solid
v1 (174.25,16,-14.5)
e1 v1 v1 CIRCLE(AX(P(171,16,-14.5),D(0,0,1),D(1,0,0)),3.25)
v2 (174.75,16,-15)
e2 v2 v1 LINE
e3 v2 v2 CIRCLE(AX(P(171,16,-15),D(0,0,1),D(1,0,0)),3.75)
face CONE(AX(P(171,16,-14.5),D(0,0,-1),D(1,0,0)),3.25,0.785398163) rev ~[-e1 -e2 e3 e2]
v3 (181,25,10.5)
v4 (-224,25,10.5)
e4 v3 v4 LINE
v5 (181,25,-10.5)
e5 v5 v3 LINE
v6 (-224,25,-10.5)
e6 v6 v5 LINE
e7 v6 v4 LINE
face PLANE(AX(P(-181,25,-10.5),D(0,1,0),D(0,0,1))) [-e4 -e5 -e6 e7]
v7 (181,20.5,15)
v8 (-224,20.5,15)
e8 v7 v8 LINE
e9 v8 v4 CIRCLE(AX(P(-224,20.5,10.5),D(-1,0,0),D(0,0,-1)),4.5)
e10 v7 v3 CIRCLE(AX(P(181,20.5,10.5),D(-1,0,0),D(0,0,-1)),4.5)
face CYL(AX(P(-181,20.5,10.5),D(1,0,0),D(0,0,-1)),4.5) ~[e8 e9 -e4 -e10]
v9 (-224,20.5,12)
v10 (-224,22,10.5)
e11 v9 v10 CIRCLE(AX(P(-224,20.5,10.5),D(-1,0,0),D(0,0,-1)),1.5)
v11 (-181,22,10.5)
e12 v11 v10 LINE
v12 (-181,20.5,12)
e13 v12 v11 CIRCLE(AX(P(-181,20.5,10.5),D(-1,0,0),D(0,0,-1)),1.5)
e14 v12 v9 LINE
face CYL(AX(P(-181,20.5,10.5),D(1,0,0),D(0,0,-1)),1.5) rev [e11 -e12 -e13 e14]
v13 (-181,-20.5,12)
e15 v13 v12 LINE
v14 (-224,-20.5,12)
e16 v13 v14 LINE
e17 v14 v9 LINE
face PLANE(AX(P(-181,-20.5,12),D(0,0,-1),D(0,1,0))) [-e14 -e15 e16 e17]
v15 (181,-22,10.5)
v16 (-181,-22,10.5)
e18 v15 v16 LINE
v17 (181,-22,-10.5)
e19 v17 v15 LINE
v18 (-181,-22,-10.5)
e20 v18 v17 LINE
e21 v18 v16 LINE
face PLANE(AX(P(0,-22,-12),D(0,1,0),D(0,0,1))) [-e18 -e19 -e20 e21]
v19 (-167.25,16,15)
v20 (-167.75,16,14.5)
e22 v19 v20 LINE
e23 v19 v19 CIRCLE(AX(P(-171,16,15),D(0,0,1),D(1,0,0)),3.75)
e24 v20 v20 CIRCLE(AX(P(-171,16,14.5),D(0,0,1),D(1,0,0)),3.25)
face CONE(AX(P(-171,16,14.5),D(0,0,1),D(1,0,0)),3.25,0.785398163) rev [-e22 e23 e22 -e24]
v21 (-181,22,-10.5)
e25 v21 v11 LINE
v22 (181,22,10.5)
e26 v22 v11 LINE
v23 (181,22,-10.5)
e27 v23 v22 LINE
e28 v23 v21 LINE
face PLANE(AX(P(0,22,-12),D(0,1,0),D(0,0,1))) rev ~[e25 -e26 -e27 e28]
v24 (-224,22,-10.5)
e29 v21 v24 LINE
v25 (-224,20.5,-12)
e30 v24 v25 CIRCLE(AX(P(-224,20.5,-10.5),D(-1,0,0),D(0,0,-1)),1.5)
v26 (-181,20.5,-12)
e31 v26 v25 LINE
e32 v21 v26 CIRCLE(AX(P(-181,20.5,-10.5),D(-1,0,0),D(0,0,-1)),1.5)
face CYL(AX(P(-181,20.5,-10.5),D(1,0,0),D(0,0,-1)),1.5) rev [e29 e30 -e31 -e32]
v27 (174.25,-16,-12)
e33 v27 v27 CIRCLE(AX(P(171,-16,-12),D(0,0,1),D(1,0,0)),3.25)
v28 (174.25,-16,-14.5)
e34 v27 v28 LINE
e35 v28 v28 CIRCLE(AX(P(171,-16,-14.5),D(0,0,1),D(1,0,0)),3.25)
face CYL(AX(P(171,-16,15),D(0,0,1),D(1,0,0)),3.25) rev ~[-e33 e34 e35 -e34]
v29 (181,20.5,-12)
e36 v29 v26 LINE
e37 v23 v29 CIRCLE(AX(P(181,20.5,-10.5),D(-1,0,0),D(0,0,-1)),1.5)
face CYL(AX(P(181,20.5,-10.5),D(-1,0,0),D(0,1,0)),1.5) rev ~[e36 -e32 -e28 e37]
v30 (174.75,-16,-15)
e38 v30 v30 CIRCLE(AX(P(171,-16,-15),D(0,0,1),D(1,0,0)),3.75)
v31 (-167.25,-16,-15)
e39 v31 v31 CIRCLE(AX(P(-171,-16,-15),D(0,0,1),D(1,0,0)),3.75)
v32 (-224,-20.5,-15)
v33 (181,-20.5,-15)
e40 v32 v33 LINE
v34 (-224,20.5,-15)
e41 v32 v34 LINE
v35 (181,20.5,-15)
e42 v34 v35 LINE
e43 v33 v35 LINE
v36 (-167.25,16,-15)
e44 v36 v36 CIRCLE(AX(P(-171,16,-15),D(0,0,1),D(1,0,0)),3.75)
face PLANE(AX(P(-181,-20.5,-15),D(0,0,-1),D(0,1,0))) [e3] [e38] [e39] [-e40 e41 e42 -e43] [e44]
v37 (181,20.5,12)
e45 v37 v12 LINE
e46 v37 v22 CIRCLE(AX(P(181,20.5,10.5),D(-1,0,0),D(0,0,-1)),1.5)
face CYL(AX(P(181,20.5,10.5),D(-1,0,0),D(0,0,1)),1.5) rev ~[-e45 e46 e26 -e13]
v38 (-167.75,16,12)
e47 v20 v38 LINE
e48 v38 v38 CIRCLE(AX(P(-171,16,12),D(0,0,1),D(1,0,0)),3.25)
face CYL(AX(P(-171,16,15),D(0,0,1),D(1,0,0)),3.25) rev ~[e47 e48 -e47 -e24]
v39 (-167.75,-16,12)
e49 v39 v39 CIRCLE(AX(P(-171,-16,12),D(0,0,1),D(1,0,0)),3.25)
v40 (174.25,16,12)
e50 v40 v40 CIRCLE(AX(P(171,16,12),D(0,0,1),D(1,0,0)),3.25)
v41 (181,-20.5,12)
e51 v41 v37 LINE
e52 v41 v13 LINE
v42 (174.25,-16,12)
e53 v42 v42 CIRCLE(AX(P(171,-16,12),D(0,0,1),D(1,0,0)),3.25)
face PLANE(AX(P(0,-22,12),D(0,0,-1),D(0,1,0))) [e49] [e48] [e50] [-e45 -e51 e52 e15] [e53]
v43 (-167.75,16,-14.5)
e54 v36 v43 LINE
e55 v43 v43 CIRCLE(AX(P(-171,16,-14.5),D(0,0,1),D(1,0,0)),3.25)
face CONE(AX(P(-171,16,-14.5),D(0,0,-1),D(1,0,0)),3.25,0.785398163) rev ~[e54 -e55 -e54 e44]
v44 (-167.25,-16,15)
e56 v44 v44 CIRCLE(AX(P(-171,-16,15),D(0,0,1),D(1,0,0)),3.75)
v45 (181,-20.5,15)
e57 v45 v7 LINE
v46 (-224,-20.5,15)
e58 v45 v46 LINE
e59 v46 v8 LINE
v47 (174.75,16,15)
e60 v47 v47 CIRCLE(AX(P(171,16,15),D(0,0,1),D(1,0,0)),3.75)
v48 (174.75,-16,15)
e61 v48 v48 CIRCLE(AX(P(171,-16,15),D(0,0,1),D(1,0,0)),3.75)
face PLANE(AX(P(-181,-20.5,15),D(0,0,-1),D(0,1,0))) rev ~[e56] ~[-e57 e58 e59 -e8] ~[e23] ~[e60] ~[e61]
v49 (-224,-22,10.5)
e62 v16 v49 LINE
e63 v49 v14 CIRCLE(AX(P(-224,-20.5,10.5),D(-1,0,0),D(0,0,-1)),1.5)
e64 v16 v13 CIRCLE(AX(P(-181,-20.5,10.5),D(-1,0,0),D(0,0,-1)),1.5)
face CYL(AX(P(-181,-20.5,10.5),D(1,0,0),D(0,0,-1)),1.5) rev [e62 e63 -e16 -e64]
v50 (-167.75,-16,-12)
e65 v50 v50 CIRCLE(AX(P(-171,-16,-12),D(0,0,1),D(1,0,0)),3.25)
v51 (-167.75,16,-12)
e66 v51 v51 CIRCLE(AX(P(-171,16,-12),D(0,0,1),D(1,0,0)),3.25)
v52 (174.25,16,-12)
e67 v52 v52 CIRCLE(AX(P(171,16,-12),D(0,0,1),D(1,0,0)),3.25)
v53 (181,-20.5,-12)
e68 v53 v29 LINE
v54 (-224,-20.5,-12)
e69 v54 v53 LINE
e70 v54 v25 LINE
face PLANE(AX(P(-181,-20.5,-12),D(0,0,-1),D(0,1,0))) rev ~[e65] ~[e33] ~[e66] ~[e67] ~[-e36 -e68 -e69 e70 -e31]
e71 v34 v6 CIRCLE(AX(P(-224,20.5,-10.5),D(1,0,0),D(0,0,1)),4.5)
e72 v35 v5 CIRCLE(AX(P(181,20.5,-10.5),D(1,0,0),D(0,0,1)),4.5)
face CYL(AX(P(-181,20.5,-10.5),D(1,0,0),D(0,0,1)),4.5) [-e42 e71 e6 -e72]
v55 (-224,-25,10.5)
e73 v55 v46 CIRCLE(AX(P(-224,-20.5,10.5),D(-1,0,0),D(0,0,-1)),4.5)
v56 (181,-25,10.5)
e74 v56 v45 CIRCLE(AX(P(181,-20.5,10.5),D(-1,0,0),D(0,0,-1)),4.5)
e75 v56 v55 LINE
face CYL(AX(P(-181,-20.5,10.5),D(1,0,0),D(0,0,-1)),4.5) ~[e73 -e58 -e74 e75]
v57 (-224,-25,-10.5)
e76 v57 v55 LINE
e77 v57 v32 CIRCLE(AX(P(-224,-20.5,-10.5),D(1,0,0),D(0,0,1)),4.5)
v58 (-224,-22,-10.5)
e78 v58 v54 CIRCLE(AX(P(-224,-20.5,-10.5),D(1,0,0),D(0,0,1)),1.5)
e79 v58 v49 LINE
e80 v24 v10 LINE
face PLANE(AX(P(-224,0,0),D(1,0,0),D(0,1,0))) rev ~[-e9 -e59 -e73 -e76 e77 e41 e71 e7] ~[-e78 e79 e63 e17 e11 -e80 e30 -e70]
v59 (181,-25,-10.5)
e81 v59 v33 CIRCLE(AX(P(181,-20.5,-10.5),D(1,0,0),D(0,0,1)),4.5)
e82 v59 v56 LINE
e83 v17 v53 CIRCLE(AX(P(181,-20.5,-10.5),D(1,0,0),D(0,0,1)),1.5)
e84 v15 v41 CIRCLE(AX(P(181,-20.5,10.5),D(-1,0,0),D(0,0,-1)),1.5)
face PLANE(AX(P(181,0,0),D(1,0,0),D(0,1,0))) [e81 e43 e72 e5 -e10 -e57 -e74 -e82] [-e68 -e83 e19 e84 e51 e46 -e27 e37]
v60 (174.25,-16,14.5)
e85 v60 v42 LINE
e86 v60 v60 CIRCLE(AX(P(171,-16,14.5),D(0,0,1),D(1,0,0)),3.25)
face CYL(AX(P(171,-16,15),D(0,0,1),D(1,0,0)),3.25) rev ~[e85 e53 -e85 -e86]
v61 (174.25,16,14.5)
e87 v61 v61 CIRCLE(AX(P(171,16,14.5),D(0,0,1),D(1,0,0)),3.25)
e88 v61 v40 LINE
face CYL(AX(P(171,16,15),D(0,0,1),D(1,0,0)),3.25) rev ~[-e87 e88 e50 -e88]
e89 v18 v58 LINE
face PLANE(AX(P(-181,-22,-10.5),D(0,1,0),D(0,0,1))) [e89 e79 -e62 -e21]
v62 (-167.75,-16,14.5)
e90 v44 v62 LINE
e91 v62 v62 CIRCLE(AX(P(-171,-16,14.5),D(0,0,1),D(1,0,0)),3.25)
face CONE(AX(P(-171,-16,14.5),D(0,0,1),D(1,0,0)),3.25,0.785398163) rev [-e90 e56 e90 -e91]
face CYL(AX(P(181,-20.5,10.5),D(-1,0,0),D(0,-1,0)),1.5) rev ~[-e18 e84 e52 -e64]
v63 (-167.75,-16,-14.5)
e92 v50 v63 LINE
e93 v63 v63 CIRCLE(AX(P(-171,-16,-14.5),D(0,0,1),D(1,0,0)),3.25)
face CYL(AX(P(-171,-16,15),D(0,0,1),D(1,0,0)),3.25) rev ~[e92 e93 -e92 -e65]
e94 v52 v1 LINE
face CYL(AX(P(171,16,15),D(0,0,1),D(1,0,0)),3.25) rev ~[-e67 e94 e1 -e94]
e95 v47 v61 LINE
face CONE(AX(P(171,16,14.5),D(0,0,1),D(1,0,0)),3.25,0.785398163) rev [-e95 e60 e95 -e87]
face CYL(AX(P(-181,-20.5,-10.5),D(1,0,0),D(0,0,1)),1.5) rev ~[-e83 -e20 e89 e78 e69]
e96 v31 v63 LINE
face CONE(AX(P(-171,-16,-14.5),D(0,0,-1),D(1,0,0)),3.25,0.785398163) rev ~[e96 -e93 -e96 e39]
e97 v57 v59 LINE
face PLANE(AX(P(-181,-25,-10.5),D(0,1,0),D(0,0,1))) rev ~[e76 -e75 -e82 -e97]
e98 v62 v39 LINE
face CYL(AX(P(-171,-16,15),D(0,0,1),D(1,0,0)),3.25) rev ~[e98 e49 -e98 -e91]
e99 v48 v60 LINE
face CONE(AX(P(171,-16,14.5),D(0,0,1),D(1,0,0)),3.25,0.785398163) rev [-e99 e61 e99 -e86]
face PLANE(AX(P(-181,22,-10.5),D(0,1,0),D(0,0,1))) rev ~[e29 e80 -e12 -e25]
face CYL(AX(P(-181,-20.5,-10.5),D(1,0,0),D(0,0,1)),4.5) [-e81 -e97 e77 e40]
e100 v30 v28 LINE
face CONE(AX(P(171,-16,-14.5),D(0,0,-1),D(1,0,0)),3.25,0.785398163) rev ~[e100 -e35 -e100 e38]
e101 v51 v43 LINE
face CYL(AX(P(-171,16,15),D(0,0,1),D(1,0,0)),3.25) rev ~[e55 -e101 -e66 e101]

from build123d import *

# Parameters (mm, degrees)
F0_W     = 50
F0_H     = 30
F0_W_2   = 44
F0_H_2   = 24
F1_DEPTH = 181
F2_R     = 1.5
F3_R     = 4.5
F4_R     = 3.25
F5_DEPTH = 35
F6_SIZE  = 0.5
F7_DEPTH = 43


with BuildPart() as f1:
    # F0 (on Right) → F1 (new body, symmetric)
    with BuildSketch(Plane.YZ):
        Rectangle(F0_W, F0_H)
        Rectangle(F0_W_2, F0_H_2, mode=Mode.SUBTRACT)
    extrude(amount=F1_DEPTH, both=True)

    # F2
    f2_edges = [f1.edges().sort_by_distance(p)[0] for p in [
        (0, -22, -12),
        (0, -22, 12),
        (0, 22, -12),
        (0, 22, 12),
    ]]
    fillet(f2_edges, radius=F2_R)

    # F3
    f3_edges = [f1.edges().sort_by_distance(p)[0] for p in [
        (0, -25, 15),
        (0, -25, -15),
        (0, 25, -15),
        (0, 25, 15),
    ]]
    fillet(f3_edges, radius=F3_R)

    # F4 (on face) → F5 (cut)
    with BuildSketch(Plane.XY.offset(15)):
        with Locations((-171, 16)):
            Circle(F4_R)
        with Locations((-171, -16)):
            Circle(F4_R)
        with Locations((171, -16)):
            Circle(F4_R)
        with Locations((171, 16)):
            Circle(F4_R)
    extrude(amount=-F5_DEPTH, mode=Mode.SUBTRACT)

    # F6
    f6_edges = [f1.edges().sort_by_distance(p)[0] for p in [
        (-174.25, -16, 15),
        (-174.25, 16, 15),
        (167.75, -16, 15),
        (167.75, 16, 15),
        (167.75, 16, -15),
        (167.75, -16, -15),
        (-174.25, 16, -15),
        (-174.25, -16, -15),
    ]]
    chamfer(f6_edges, length=F6_SIZE)

    # F7 (add): a face of the model
    f7_faces = [f1.faces().sort_by_distance(p)[0] for p in [
        (-181, -24.4169048105, 0),
    ]]
    extrude(f7_faces, amount=F7_DEPTH)


solid = f1.part
